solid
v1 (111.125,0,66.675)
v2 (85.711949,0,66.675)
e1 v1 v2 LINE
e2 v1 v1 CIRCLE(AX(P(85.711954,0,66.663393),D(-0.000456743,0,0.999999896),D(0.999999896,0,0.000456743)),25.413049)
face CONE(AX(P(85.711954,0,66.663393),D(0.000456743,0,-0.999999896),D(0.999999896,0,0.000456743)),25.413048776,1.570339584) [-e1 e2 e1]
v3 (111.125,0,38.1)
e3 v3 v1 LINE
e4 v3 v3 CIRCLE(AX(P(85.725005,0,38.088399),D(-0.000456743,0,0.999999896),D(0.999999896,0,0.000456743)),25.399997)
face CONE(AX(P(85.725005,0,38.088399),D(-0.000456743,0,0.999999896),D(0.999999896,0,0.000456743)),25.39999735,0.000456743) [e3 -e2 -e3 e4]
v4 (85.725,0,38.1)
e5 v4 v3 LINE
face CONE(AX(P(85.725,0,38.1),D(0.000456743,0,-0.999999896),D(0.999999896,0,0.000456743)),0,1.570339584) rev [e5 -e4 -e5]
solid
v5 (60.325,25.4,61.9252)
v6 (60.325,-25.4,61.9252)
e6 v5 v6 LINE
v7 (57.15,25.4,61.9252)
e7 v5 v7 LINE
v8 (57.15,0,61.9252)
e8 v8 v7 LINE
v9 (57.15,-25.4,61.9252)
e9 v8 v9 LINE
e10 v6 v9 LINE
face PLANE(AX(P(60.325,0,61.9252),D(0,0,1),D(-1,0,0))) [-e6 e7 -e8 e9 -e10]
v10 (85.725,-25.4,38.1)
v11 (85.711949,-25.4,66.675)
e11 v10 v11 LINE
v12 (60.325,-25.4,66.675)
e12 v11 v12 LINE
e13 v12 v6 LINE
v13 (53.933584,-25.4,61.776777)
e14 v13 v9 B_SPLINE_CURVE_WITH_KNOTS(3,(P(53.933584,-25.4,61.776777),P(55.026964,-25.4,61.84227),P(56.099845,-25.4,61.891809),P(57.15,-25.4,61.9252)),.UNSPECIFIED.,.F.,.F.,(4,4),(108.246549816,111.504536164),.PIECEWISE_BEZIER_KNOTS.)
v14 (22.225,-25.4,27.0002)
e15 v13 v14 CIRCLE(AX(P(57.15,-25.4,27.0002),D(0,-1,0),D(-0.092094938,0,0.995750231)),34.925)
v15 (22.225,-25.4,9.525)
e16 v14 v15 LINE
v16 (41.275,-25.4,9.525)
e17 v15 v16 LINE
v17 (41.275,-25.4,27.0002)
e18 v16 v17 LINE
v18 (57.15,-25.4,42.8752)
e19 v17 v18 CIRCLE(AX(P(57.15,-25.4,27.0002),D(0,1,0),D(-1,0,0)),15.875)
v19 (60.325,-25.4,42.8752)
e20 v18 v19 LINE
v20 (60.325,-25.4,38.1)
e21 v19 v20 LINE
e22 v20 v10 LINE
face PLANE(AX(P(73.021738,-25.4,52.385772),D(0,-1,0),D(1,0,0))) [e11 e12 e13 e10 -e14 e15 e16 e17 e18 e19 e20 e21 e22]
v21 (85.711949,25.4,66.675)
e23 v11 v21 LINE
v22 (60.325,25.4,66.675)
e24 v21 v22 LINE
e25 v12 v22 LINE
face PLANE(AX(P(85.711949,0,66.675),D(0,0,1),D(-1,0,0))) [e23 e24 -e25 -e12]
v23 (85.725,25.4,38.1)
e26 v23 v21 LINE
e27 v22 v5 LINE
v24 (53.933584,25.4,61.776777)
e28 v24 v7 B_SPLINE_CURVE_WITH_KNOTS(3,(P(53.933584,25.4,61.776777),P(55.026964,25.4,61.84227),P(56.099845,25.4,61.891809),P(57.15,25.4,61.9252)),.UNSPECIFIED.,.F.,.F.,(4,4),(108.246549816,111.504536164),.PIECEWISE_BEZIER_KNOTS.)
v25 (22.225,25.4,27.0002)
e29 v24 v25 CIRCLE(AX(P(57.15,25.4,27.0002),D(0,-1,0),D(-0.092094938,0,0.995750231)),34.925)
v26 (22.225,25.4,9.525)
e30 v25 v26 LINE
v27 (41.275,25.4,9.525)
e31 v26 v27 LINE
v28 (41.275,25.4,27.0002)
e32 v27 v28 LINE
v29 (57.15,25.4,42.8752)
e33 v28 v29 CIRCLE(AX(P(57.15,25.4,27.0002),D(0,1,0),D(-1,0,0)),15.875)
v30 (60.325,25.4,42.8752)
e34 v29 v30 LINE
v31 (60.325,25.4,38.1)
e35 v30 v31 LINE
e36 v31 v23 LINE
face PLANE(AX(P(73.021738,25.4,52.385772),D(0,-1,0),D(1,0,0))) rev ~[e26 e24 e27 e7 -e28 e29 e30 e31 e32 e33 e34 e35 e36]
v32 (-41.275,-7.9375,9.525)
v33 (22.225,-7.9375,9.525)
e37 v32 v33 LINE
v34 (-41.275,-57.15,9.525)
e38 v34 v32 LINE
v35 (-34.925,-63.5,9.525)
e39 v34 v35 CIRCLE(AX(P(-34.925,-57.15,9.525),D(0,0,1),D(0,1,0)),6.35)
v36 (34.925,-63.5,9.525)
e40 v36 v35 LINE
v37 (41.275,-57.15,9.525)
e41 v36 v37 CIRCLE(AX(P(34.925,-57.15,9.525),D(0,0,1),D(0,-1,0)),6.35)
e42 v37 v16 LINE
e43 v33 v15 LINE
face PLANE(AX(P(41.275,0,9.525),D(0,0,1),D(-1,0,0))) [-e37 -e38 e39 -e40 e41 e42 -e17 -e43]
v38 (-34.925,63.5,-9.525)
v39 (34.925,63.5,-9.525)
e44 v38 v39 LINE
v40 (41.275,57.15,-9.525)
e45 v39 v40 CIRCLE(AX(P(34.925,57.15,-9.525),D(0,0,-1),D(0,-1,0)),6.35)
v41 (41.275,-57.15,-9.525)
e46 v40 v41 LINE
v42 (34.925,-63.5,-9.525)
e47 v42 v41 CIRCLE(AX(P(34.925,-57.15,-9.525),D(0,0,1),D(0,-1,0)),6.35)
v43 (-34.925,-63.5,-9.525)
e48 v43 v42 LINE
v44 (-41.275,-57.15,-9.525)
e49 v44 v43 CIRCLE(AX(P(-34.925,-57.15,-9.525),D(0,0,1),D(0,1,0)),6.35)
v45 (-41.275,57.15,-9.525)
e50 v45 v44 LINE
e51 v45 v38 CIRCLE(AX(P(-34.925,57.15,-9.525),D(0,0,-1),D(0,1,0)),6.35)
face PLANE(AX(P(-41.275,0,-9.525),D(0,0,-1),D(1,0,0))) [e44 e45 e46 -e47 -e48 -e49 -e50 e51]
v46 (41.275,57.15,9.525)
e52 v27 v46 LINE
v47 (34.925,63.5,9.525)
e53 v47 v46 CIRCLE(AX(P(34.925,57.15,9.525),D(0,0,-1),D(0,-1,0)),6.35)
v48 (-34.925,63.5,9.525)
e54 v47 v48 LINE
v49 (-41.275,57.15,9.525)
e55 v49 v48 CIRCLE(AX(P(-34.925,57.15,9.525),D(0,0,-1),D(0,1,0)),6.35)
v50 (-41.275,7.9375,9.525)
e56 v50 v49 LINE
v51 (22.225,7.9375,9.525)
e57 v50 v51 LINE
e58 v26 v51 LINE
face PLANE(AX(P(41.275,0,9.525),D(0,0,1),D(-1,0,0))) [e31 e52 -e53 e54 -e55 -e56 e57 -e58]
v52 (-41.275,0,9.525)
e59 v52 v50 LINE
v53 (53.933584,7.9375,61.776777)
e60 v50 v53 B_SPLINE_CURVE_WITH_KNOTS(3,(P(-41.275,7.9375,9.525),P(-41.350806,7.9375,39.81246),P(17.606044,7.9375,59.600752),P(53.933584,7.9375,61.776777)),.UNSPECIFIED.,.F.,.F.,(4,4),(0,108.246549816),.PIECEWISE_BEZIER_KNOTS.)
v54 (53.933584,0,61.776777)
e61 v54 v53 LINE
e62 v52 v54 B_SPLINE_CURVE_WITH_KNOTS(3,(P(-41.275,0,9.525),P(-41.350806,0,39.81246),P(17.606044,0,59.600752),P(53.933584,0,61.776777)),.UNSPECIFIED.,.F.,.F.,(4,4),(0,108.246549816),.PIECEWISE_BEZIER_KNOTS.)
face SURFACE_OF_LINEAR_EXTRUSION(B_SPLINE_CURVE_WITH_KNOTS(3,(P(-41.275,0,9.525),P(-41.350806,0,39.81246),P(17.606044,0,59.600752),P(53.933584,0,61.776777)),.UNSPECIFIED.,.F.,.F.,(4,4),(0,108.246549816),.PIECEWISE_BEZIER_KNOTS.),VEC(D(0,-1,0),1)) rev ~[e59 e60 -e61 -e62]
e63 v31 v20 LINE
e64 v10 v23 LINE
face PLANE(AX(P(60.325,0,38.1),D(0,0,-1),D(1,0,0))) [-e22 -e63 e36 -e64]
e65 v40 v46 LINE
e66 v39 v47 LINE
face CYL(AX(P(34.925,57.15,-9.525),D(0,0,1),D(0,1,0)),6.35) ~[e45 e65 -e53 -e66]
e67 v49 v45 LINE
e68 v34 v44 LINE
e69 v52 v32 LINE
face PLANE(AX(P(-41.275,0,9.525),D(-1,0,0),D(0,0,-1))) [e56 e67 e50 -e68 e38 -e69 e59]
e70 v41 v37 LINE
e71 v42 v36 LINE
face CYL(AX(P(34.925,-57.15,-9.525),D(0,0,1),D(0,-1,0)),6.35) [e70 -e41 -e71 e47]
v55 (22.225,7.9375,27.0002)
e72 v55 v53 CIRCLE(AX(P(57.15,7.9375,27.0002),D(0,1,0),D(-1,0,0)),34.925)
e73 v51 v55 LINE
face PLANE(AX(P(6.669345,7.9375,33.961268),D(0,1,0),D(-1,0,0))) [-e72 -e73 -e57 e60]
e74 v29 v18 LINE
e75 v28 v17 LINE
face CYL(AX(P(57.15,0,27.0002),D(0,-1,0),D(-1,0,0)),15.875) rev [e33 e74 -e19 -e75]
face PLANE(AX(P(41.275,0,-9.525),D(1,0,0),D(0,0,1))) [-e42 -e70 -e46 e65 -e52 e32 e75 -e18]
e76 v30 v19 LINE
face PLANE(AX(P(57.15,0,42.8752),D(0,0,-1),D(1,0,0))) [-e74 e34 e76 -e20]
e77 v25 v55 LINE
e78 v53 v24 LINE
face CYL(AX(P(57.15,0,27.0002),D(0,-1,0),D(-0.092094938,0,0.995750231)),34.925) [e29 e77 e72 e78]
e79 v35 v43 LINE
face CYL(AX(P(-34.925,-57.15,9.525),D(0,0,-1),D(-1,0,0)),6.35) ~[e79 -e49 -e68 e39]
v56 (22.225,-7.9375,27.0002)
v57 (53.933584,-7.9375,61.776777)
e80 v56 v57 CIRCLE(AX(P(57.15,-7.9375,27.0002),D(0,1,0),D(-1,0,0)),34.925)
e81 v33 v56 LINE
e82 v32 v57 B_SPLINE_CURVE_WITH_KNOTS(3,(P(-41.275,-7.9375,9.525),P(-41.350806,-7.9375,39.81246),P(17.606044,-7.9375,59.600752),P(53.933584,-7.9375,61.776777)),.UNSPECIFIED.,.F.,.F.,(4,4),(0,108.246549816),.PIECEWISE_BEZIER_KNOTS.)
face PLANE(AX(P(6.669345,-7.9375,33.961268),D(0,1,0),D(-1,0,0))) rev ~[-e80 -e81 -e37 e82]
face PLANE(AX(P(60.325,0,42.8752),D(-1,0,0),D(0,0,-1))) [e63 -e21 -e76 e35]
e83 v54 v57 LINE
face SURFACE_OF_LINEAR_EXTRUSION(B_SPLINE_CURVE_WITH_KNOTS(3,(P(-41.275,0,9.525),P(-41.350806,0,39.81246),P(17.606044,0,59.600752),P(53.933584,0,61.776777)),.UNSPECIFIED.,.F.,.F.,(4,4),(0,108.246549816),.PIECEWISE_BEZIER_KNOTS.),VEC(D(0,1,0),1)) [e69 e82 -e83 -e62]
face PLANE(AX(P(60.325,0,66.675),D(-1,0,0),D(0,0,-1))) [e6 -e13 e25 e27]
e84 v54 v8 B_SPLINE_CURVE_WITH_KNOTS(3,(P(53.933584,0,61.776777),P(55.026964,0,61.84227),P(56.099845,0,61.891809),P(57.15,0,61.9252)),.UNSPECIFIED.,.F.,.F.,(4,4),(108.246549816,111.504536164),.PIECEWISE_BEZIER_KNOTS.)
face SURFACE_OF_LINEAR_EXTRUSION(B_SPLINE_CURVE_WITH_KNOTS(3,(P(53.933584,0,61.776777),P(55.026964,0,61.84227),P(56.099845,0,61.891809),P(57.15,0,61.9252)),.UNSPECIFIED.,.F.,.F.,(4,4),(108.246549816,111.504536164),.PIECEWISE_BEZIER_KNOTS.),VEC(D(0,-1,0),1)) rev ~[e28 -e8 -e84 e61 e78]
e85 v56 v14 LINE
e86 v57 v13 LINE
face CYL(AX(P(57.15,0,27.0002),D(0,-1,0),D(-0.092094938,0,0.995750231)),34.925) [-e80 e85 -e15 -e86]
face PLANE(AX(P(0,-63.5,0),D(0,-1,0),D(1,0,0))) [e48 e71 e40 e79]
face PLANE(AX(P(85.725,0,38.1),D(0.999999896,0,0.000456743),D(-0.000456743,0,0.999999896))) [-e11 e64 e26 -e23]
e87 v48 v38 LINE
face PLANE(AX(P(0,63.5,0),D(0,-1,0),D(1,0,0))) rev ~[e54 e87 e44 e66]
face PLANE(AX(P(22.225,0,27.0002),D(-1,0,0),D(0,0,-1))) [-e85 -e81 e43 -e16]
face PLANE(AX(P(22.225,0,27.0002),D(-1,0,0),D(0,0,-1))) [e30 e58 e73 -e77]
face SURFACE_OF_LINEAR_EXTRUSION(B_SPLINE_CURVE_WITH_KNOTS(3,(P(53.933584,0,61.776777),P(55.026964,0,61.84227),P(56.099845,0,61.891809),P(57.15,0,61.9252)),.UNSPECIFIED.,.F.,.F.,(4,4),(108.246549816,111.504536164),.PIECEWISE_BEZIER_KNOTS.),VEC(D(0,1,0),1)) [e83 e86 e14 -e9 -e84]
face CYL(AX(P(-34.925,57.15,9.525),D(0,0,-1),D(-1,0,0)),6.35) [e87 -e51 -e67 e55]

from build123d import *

# Parameters (mm, degrees)
F1_DEPTH = 63.5
F2_DEPTH = 25.4
F3_DEPTH = 7.9375
F5_R     = 6.35


with BuildPart() as f1:
    # F0 (on Front) → F1 (new body, symmetric)
    with BuildSketch(Plane.XZ):
        Polygon((22.225, 9.525), (-41.275, 9.525), (-41.275, -9.525), (41.275, -9.525), (41.275, 9.525), align=None)
    extrude(amount=F1_DEPTH, both=True)

    # F0 (on Front) → F2 (join, symmetric)
    with BuildSketch(Plane.XZ):
        Polygon((60.325, 66.675), (60.325, 61.9252), (60.325, 42.8752), (60.325, 38.1), (85.725, 38.1), (85.7119485736, 66.675), align=None)
        with BuildLine():
            Line((22.225, 27.0002), (22.225, 9.525))
            Line((22.225, 9.525), (41.275, 9.525))
            Line((41.275, 9.525), (41.275, 27.0002))
            ThreePointArc((41.275, 27.0002), (45.9246798487, 38.2255201513), (57.15, 42.8752))
            Line((57.15, 42.8752), (60.325, 42.8752))
            Line((60.325, 42.8752), (60.325, 61.9252))
            Line((60.325, 61.9252), (57.15, 61.9252))
            add(Edge.make_bspline(
                [(53.9335842921, 61.7767768154), (55.0269644588, 61.8422704469), (56.0998451994, 61.891809488), (57.15, 61.9252)],
                knots=[108.2465498162, 108.2465498162, 108.2465498162, 108.2465498162, 111.5045361635, 111.5045361635, 111.5045361635, 111.5045361635], degree=3))
            ThreePointArc((53.9335842921, 61.7767768154), (31.3421625897, 50.5312678296), (22.225, 27.0002))
        make_face()
    extrude(amount=F2_DEPTH, both=True)

    # F0 (on Front) → F3 (join, symmetric)
    with BuildSketch(Plane.XZ):
        with BuildLine():
            add(Edge.make_bspline(
                [(-41.275, 9.525), (-41.350806268, 39.8124596895), (17.6060438856, 59.6007518438), (53.9335842921, 61.7767768154)],
                knots=[0, 0, 0, 0, 108.2465498162, 108.2465498162, 108.2465498162, 108.2465498162], degree=3))
            Line((-41.275, 9.525), (22.225, 9.525))
            Line((22.225, 9.525), (22.225, 27.0002))
            ThreePointArc((22.225, 27.0002), (31.3421625897, 50.5312678296), (53.9335842921, 61.7767768154))
        make_face()
    extrude(amount=F3_DEPTH, both=True)

    # F5
    f5_edges = [f1.edges().sort_by_distance(p)[0] for p in [
        (41.275, -63.5, 0),
        (-41.275, -63.5, 0),
        (41.275, 63.5, 0),
        (-41.275, 63.5, 0),
    ]]
    fillet(f5_edges, radius=F5_R)


with BuildPart() as f4:
    # F0 (on Front) → F4 (revolve)
    with BuildSketch(Plane.XZ):
        Polygon((111.125, 66.675), (85.7119485736, 66.675), (85.725, 38.1), (111.125, 38.1), align=None)
    revolve(axis=Axis((85.7184742868, 0, 52.3875), (-0.0004567428, 0, 0.9999998957)))


solid = Compound([f1.part, f4.part])
